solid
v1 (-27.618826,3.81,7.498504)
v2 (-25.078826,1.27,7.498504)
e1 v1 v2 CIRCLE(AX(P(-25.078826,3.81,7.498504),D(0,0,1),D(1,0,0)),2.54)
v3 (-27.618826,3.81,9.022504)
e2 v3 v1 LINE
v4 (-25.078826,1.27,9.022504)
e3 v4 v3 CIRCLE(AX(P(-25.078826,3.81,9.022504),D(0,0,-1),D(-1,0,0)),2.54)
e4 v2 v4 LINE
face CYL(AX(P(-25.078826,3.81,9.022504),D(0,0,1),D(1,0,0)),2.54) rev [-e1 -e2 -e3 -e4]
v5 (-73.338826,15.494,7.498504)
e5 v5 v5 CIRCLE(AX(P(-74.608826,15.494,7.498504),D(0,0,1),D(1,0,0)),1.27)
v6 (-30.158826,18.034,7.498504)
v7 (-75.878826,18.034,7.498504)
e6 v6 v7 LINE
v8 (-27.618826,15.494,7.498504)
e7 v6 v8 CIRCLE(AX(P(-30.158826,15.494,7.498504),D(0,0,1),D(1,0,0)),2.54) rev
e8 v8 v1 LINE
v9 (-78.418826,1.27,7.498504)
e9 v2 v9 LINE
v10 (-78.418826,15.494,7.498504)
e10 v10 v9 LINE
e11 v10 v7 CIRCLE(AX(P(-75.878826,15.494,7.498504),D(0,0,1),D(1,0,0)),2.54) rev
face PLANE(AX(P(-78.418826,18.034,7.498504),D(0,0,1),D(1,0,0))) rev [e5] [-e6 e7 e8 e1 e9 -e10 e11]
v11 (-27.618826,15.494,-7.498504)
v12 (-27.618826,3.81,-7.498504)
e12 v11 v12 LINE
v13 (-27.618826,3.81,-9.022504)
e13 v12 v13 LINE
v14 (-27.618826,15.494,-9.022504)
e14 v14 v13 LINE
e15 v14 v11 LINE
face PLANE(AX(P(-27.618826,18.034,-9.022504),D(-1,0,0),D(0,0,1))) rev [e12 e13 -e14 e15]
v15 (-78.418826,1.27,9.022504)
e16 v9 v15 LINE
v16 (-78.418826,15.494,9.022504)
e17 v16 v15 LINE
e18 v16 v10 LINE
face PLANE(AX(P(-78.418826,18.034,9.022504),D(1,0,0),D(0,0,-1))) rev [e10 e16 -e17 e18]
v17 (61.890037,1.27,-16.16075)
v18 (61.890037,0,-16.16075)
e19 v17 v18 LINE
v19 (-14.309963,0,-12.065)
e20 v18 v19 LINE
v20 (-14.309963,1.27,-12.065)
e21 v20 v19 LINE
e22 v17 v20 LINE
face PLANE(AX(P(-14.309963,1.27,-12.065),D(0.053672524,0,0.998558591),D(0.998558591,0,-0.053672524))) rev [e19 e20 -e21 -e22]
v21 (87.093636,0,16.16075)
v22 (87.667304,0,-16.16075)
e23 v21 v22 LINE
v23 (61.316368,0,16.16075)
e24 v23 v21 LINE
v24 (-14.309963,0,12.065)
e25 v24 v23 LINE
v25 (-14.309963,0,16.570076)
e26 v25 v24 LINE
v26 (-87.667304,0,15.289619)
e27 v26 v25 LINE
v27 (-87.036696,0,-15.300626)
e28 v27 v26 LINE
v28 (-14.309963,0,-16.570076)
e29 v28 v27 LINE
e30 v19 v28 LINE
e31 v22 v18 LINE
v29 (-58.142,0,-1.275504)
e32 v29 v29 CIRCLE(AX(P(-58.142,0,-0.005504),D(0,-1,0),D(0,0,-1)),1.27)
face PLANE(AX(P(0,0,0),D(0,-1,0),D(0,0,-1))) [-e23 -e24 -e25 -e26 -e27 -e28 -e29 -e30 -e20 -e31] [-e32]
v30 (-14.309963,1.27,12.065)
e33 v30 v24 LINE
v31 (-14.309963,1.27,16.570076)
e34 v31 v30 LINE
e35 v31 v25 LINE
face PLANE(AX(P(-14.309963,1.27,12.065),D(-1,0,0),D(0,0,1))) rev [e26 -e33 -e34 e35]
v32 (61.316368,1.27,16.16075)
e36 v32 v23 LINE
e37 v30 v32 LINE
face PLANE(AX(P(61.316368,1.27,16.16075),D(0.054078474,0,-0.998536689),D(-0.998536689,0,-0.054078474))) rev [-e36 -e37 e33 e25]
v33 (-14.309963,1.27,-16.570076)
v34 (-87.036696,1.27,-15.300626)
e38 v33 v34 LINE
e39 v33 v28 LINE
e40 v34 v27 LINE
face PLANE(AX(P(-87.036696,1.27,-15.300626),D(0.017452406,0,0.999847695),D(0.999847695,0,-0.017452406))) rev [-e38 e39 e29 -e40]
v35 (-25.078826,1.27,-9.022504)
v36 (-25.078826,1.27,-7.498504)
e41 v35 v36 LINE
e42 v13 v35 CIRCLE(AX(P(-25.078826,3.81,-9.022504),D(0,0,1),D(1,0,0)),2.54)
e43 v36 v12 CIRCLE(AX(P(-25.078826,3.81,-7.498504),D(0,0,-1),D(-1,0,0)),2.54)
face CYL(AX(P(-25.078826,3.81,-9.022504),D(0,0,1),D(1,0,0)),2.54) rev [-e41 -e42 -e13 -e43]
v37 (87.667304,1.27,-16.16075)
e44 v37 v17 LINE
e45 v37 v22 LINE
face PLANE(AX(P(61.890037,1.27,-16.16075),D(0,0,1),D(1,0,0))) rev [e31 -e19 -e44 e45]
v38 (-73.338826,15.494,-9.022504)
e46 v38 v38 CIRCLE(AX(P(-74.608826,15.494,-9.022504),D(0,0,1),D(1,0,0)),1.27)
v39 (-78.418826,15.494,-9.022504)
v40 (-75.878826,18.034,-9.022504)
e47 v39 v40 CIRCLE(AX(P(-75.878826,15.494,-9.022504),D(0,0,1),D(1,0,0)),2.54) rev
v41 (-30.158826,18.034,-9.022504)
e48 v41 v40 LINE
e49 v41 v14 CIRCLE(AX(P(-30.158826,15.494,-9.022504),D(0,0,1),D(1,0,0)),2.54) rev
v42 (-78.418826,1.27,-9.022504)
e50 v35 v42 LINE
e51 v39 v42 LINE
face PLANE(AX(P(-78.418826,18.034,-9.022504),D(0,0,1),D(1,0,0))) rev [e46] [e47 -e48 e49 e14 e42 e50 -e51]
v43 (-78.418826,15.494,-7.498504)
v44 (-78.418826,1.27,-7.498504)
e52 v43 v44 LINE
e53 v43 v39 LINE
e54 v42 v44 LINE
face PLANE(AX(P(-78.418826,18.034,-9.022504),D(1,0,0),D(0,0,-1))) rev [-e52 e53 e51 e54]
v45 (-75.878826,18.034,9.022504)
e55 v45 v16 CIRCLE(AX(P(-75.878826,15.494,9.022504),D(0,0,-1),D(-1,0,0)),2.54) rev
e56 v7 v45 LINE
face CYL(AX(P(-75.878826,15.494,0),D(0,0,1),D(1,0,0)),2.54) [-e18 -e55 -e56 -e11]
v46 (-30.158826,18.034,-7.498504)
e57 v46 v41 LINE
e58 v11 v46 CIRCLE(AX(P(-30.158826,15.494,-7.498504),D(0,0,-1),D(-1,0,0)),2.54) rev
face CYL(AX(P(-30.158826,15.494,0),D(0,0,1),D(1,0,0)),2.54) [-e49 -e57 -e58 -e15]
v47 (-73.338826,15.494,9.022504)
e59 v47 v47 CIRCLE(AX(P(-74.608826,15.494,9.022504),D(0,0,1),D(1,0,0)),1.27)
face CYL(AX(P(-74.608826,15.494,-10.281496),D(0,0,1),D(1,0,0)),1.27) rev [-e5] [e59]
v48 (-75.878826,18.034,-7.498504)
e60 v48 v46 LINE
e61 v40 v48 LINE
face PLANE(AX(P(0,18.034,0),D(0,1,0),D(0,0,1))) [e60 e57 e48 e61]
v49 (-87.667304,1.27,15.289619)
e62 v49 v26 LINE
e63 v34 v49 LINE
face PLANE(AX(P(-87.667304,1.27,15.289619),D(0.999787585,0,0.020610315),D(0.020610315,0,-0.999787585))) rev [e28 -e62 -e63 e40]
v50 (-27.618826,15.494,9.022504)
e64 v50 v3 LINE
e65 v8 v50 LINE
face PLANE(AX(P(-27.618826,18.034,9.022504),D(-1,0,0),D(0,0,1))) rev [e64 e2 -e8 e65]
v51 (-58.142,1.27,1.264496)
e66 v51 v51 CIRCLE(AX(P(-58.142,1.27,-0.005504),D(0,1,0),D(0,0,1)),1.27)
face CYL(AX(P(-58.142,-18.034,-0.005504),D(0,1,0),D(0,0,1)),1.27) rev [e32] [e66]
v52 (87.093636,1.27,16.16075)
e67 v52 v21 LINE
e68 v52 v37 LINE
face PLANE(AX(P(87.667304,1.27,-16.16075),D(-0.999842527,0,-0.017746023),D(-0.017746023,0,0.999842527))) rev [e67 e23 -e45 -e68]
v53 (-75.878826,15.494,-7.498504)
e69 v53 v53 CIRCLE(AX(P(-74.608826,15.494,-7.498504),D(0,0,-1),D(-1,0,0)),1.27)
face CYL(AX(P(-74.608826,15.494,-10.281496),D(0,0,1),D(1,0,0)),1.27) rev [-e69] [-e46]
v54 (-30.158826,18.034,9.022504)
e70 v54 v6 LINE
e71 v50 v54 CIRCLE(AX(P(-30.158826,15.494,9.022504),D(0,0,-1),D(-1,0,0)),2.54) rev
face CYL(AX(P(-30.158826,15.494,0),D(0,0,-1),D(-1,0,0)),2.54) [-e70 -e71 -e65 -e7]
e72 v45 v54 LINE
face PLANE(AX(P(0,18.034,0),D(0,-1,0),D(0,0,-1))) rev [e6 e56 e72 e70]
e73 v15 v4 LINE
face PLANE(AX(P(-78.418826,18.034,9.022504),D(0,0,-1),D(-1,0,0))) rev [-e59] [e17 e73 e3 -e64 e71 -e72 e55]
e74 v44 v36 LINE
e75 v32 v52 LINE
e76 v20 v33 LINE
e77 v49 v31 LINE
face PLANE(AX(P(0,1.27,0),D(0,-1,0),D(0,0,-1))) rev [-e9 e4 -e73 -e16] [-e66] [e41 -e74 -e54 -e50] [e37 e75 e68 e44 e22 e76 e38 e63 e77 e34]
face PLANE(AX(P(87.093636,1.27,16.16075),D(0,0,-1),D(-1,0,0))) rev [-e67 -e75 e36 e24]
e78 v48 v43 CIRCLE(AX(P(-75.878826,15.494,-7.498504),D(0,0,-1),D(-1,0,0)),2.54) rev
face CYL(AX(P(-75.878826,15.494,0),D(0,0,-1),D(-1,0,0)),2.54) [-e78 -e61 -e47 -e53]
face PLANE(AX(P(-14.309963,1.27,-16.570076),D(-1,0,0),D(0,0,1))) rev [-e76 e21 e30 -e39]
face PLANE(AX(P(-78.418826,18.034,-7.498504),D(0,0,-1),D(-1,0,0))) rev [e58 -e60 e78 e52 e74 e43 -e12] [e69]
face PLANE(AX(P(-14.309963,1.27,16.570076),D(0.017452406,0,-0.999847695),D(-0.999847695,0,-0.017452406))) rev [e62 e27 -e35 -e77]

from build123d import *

# Parameters (mm, degrees)
BOSS_EXTRUDE1_DEPTH = 1.27
SKETCH5_W           = 50.8
SKETCH5_H           = 1.524
BOSS_EXTRUDE2_DEPTH = 16.764
SKETCH6_R           = 1.27
CUT_EXTRUDE1_DEPTH  = 19.304
FILLET1_R           = 2.54
SKETCH7_R           = 1.27
CUT_EXTRUDE2_DEPTH  = 19.304


with BuildPart() as part:
    # Sketch4 → Boss-Extrude1 (new body)
    with BuildSketch(Plane(origin=(0, 0, 0), x_dir=(1, 0, 0), z_dir=(0, 1, 0))):
        Polygon((87.667304241, 16.16075), (87.093635827, -16.16075), (61.31636847, -16.16075), (-14.309963117, -12.065), (-14.309963117, -16.570075948), (-87.667304241, -15.289618795), (-87.036695722, 15.300626108), (-14.309963117, 16.570075948), (-14.309963117, 12.065), (61.890036883, 16.16075), align=None)
    extrude(amount=BOSS_EXTRUDE1_DEPTH)

    # Sketch5 → Boss-Extrude2 (add)
    with BuildSketch(Plane(origin=(0, 1.27, 0), x_dir=(1, 0, 0), z_dir=(0, 1, 0))):
        with Locations((-53.018825687, -8.260503656)):
            Rectangle(SKETCH5_W, SKETCH5_H)
        with Locations((-53.018825687, 8.260503656)):
            Rectangle(SKETCH5_W, SKETCH5_H)
    extrude(amount=BOSS_EXTRUDE2_DEPTH)

    # Sketch6 → Cut-Extrude1 (cut)
    with BuildSketch(Plane.XY.offset(9.022503656)):
        with Locations((-74.608825687, 15.494)):
            Circle(SKETCH6_R)
    extrude(amount=-CUT_EXTRUDE1_DEPTH, mode=Mode.SUBTRACT)

    # Fillet1
    fillet1_edges = [part.edges().sort_by_distance(p)[0] for p in [
        (-27.618825687, 1.27, -8.260503656),
        (-27.618825687, 18.034, -8.260503656),
        (-78.418825687, 18.034, -8.260503656),
        (-27.618825687, 1.27, 8.260503656),
        (-78.418825687, 18.034, 8.260503656),
        (-27.618825687, 18.034, 8.260503656),
    ]]
    fillet(fillet1_edges, radius=FILLET1_R)

    # Sketch7 → Cut-Extrude2 (cut)
    with BuildSketch(Plane(origin=(0, 1.27, 0), x_dir=(1, 0, 0), z_dir=(0, 1, 0))):
        with Locations(Location((-58.141999981, 0.005503656, 0), (0, 0, 270))):
            Circle(SKETCH7_R)
    extrude(amount=-CUT_EXTRUDE2_DEPTH, mode=Mode.SUBTRACT)


solid = part.part
